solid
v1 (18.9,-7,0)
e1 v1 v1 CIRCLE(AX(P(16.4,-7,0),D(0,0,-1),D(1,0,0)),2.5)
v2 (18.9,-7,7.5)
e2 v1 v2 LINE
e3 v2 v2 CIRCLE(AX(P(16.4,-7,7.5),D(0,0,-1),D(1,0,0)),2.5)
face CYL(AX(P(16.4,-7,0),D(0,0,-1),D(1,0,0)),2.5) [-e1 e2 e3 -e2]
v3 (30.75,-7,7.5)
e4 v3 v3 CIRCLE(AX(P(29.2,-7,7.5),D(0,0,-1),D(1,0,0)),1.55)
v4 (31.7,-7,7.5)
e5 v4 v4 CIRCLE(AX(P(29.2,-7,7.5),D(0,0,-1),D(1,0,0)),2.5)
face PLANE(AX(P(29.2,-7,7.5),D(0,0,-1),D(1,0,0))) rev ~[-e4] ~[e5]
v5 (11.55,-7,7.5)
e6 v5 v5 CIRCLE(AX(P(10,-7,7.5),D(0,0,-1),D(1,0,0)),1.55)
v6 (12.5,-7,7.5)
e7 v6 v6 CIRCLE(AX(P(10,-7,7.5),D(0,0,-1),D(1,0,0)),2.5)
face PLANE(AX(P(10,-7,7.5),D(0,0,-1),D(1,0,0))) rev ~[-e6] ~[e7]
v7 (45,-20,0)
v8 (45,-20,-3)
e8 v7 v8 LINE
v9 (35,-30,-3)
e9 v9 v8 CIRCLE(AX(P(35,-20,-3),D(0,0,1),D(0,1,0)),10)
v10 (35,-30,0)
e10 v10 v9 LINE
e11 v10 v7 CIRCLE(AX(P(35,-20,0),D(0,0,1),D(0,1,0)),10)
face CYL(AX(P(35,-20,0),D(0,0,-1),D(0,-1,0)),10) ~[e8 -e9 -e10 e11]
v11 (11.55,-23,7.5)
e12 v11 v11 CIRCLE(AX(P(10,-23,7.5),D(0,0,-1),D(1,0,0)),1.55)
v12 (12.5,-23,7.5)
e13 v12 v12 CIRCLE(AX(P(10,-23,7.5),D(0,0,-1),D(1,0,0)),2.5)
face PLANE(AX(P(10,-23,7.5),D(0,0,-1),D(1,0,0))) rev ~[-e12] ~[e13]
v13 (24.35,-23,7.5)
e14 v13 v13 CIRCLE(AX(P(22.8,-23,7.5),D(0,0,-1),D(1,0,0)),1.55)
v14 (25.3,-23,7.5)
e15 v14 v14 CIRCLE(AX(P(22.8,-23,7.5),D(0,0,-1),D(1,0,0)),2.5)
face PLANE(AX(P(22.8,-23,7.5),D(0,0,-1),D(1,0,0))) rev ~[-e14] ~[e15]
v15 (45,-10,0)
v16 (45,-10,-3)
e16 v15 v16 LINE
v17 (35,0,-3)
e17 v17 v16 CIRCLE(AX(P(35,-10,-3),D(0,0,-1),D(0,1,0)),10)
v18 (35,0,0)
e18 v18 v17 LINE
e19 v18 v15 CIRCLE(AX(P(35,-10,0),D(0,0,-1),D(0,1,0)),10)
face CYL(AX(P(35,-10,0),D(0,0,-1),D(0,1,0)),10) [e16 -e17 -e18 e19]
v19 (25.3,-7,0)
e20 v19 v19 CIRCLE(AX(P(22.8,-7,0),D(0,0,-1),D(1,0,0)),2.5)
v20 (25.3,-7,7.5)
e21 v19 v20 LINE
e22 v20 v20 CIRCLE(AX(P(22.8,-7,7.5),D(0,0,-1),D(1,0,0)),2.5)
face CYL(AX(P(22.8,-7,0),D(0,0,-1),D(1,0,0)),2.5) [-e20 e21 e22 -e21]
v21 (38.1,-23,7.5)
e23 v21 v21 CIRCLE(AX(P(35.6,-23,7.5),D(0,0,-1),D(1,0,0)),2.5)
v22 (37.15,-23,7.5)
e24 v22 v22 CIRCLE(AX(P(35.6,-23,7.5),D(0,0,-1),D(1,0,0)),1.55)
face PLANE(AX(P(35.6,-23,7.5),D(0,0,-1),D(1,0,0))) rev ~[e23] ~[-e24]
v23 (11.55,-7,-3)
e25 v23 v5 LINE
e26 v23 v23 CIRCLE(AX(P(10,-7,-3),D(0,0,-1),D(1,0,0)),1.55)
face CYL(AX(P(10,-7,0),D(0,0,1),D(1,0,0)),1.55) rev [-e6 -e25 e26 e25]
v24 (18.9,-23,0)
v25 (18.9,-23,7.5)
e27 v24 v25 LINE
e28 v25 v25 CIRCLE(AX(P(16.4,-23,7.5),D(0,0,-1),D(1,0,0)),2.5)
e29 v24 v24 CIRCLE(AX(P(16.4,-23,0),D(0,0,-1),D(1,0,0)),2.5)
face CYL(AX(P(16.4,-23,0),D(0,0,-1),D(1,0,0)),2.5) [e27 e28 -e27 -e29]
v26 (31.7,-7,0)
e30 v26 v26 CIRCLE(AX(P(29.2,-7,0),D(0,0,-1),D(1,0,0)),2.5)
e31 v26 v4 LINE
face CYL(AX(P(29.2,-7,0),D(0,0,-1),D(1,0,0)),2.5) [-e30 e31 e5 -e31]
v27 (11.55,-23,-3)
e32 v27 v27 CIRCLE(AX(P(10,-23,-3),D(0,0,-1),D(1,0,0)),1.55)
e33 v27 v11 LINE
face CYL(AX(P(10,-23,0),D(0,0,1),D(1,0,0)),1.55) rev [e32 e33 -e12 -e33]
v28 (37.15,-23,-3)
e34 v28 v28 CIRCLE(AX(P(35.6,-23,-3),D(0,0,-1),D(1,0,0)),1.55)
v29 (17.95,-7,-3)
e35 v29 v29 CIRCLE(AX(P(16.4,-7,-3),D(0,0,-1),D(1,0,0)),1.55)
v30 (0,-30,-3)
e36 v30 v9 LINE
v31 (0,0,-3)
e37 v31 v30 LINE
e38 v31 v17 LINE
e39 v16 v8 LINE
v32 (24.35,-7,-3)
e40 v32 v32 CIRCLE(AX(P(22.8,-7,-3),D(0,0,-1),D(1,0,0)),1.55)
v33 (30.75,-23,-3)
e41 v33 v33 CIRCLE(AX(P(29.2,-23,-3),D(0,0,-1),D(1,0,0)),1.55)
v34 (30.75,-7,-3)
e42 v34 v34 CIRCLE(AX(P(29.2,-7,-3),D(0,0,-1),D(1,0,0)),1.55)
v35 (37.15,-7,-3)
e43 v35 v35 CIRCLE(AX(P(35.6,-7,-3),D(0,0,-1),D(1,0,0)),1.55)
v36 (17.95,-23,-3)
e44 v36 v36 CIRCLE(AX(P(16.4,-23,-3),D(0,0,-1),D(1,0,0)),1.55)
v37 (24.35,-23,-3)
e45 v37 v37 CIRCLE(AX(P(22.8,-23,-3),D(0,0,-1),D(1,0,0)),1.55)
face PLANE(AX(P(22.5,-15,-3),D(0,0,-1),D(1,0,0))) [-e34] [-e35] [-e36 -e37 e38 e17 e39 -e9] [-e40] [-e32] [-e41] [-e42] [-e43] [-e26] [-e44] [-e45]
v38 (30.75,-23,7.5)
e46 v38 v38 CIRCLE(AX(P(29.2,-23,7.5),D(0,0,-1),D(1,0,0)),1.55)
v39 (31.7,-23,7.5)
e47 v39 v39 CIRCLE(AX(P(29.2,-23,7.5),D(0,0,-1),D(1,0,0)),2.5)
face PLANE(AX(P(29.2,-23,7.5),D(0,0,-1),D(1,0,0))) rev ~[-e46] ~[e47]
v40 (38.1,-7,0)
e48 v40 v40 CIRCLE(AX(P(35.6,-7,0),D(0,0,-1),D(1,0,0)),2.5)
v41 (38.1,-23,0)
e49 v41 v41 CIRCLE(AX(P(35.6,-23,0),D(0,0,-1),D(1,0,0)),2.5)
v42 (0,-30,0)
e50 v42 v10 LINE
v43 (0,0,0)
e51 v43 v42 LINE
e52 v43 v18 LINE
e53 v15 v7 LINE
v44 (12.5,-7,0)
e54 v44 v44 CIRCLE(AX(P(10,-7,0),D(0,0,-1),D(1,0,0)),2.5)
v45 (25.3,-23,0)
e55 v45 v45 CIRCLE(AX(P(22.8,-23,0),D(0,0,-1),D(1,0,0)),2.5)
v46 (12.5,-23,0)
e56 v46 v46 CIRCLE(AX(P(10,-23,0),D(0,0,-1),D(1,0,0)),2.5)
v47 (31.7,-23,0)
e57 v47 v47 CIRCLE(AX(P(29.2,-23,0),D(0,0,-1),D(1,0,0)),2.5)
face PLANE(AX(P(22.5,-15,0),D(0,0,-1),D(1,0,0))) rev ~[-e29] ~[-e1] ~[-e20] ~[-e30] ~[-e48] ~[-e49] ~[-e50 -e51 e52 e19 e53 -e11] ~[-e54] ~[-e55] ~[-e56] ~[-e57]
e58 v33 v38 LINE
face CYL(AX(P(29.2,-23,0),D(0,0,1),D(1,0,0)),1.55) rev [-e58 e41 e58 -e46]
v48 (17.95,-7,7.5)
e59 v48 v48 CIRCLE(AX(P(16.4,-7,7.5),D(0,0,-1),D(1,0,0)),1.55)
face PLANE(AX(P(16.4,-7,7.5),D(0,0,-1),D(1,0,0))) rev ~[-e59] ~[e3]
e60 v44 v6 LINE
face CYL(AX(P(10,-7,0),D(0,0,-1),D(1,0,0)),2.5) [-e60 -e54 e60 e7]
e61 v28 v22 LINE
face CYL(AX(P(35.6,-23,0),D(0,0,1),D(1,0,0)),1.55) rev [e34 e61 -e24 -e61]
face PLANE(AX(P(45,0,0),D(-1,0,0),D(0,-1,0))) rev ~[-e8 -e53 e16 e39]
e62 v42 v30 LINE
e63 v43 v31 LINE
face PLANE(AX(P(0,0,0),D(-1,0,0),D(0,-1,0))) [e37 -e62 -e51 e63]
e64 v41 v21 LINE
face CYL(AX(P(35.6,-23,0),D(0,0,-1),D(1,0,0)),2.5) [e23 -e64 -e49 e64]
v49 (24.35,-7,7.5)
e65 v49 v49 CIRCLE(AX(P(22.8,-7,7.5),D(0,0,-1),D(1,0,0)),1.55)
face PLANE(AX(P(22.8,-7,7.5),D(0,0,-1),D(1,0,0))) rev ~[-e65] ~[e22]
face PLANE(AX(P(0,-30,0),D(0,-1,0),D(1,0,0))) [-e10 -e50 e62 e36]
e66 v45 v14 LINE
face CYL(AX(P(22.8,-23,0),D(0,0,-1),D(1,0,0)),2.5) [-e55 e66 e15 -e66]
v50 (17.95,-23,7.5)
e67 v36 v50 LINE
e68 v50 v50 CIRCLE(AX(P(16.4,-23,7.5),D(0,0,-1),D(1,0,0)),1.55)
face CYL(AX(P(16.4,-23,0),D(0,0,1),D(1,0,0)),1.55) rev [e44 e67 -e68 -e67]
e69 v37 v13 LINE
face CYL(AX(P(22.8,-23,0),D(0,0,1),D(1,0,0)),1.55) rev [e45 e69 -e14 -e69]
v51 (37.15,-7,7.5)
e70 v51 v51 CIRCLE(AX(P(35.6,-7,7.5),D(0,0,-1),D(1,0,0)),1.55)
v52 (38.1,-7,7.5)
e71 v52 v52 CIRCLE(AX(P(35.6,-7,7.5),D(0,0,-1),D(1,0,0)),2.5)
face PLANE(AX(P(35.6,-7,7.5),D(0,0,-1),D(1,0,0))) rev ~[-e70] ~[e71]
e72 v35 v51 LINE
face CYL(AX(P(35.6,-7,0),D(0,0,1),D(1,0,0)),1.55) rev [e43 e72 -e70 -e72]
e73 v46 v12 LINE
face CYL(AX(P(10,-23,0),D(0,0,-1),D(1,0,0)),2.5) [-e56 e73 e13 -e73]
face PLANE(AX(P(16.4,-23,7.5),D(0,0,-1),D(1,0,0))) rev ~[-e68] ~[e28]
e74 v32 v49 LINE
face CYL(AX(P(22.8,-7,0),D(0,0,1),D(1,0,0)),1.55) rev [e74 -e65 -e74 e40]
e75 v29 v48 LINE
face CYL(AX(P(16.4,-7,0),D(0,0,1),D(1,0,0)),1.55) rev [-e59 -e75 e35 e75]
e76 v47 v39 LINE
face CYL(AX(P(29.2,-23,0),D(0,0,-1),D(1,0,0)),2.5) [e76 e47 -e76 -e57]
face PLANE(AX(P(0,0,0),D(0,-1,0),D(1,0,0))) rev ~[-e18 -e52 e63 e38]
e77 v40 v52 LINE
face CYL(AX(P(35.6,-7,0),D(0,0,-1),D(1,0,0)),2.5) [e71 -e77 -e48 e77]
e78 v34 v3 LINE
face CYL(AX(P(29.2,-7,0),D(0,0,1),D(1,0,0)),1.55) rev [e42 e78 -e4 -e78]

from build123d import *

# Parameters (mm, degrees)
F0_W     = 45
F0_H     = 30
F0_R     = 2.5
F0_R_2   = 1.55
F1_DEPTH = 3
F2_DEPTH = 7.5
F3_R     = 10
F4_ANGLE = 180


with BuildPart() as f1:
    # F0 (on Top) → F1 (new body)
    with BuildSketch(Plane.XY):
        with Locations((22.5, 15)):
            Rectangle(F0_W, F0_H)
        with Locations((10, 7)):
            Circle(F0_R, mode=Mode.SUBTRACT)
        with Locations((16.4, 7)):
            Circle(F0_R, mode=Mode.SUBTRACT)
        with Locations((22.8, 7)):
            Circle(F0_R, mode=Mode.SUBTRACT)
        with Locations((29.2, 7)):
            Circle(F0_R, mode=Mode.SUBTRACT)
        with Locations((35.6, 7)):
            Circle(F0_R, mode=Mode.SUBTRACT)
        with Locations((10, 23)):
            Circle(F0_R, mode=Mode.SUBTRACT)
        with Locations((16.4, 23)):
            Circle(F0_R, mode=Mode.SUBTRACT)
        with Locations((22.8, 23)):
            Circle(F0_R, mode=Mode.SUBTRACT)
        with Locations((29.2, 23)):
            Circle(F0_R, mode=Mode.SUBTRACT)
        with Locations((35.6, 23)):
            Circle(F0_R, mode=Mode.SUBTRACT)
        with Locations((35.6, 23)):
            Circle(F0_R)
        with Locations((35.6, 23)):
            Circle(F0_R_2, mode=Mode.SUBTRACT)
        with Locations((29.2, 23)):
            Circle(F0_R)
        with Locations((29.2, 23)):
            Circle(F0_R_2, mode=Mode.SUBTRACT)
        with Locations((22.8, 23)):
            Circle(F0_R)
        with Locations((22.8, 23)):
            Circle(F0_R_2, mode=Mode.SUBTRACT)
        with Locations((16.4, 23)):
            Circle(F0_R)
        with Locations((16.4, 23)):
            Circle(F0_R_2, mode=Mode.SUBTRACT)
        with Locations((10, 23)):
            Circle(F0_R)
        with Locations((10, 23)):
            Circle(F0_R_2, mode=Mode.SUBTRACT)
        with Locations((10, 7)):
            Circle(F0_R)
        with Locations((10, 7)):
            Circle(F0_R_2, mode=Mode.SUBTRACT)
        with Locations((16.4, 7)):
            Circle(F0_R)
        with Locations((16.4, 7)):
            Circle(F0_R_2, mode=Mode.SUBTRACT)
        with Locations((22.8, 7)):
            Circle(F0_R)
        with Locations((22.8, 7)):
            Circle(F0_R_2, mode=Mode.SUBTRACT)
        with Locations((29.2, 7)):
            Circle(F0_R)
        with Locations((29.2, 7)):
            Circle(F0_R_2, mode=Mode.SUBTRACT)
        with Locations((35.6, 7)):
            Circle(F0_R)
        with Locations((35.6, 7)):
            Circle(F0_R_2, mode=Mode.SUBTRACT)
    extrude(amount=F1_DEPTH)

    # F0 (on Top) → F2 (join)
    with BuildSketch(Plane.XY):
        with Locations((35.6, 23)):
            Circle(F0_R)
        with Locations((35.6, 23)):
            Circle(F0_R_2, mode=Mode.SUBTRACT)
        with Locations((29.2, 23)):
            Circle(F0_R)
        with Locations((29.2, 23)):
            Circle(F0_R_2, mode=Mode.SUBTRACT)
        with Locations((22.8, 23)):
            Circle(F0_R)
        with Locations((22.8, 23)):
            Circle(F0_R_2, mode=Mode.SUBTRACT)
        with Locations((16.4, 23)):
            Circle(F0_R)
        with Locations((16.4, 23)):
            Circle(F0_R_2, mode=Mode.SUBTRACT)
        with Locations((10, 23)):
            Circle(F0_R)
        with Locations((10, 23)):
            Circle(F0_R_2, mode=Mode.SUBTRACT)
        with Locations((10, 7)):
            Circle(F0_R)
        with Locations((10, 7)):
            Circle(F0_R_2, mode=Mode.SUBTRACT)
        with Locations((16.4, 7)):
            Circle(F0_R)
        with Locations((16.4, 7)):
            Circle(F0_R_2, mode=Mode.SUBTRACT)
        with Locations((22.8, 7)):
            Circle(F0_R)
        with Locations((22.8, 7)):
            Circle(F0_R_2, mode=Mode.SUBTRACT)
        with Locations((29.2, 7)):
            Circle(F0_R)
        with Locations((29.2, 7)):
            Circle(F0_R_2, mode=Mode.SUBTRACT)
        with Locations((35.6, 7)):
            Circle(F0_R)
        with Locations((35.6, 7)):
            Circle(F0_R_2, mode=Mode.SUBTRACT)
    extrude(amount=-F2_DEPTH)

    # F3
    f3_edges = [f1.edges().sort_by_distance(p)[0] for p in [
        (45, 30, 1.5),
        (45, 0, 1.5),
    ]]
    fillet(f3_edges, radius=F3_R)


with BuildPart() as f1_1:
    # F4: moved
    add(f1.part.rotate(Axis((22.5, 0, 0), (1, 0, 0)), F4_ANGLE))


solid = f1_1.part
